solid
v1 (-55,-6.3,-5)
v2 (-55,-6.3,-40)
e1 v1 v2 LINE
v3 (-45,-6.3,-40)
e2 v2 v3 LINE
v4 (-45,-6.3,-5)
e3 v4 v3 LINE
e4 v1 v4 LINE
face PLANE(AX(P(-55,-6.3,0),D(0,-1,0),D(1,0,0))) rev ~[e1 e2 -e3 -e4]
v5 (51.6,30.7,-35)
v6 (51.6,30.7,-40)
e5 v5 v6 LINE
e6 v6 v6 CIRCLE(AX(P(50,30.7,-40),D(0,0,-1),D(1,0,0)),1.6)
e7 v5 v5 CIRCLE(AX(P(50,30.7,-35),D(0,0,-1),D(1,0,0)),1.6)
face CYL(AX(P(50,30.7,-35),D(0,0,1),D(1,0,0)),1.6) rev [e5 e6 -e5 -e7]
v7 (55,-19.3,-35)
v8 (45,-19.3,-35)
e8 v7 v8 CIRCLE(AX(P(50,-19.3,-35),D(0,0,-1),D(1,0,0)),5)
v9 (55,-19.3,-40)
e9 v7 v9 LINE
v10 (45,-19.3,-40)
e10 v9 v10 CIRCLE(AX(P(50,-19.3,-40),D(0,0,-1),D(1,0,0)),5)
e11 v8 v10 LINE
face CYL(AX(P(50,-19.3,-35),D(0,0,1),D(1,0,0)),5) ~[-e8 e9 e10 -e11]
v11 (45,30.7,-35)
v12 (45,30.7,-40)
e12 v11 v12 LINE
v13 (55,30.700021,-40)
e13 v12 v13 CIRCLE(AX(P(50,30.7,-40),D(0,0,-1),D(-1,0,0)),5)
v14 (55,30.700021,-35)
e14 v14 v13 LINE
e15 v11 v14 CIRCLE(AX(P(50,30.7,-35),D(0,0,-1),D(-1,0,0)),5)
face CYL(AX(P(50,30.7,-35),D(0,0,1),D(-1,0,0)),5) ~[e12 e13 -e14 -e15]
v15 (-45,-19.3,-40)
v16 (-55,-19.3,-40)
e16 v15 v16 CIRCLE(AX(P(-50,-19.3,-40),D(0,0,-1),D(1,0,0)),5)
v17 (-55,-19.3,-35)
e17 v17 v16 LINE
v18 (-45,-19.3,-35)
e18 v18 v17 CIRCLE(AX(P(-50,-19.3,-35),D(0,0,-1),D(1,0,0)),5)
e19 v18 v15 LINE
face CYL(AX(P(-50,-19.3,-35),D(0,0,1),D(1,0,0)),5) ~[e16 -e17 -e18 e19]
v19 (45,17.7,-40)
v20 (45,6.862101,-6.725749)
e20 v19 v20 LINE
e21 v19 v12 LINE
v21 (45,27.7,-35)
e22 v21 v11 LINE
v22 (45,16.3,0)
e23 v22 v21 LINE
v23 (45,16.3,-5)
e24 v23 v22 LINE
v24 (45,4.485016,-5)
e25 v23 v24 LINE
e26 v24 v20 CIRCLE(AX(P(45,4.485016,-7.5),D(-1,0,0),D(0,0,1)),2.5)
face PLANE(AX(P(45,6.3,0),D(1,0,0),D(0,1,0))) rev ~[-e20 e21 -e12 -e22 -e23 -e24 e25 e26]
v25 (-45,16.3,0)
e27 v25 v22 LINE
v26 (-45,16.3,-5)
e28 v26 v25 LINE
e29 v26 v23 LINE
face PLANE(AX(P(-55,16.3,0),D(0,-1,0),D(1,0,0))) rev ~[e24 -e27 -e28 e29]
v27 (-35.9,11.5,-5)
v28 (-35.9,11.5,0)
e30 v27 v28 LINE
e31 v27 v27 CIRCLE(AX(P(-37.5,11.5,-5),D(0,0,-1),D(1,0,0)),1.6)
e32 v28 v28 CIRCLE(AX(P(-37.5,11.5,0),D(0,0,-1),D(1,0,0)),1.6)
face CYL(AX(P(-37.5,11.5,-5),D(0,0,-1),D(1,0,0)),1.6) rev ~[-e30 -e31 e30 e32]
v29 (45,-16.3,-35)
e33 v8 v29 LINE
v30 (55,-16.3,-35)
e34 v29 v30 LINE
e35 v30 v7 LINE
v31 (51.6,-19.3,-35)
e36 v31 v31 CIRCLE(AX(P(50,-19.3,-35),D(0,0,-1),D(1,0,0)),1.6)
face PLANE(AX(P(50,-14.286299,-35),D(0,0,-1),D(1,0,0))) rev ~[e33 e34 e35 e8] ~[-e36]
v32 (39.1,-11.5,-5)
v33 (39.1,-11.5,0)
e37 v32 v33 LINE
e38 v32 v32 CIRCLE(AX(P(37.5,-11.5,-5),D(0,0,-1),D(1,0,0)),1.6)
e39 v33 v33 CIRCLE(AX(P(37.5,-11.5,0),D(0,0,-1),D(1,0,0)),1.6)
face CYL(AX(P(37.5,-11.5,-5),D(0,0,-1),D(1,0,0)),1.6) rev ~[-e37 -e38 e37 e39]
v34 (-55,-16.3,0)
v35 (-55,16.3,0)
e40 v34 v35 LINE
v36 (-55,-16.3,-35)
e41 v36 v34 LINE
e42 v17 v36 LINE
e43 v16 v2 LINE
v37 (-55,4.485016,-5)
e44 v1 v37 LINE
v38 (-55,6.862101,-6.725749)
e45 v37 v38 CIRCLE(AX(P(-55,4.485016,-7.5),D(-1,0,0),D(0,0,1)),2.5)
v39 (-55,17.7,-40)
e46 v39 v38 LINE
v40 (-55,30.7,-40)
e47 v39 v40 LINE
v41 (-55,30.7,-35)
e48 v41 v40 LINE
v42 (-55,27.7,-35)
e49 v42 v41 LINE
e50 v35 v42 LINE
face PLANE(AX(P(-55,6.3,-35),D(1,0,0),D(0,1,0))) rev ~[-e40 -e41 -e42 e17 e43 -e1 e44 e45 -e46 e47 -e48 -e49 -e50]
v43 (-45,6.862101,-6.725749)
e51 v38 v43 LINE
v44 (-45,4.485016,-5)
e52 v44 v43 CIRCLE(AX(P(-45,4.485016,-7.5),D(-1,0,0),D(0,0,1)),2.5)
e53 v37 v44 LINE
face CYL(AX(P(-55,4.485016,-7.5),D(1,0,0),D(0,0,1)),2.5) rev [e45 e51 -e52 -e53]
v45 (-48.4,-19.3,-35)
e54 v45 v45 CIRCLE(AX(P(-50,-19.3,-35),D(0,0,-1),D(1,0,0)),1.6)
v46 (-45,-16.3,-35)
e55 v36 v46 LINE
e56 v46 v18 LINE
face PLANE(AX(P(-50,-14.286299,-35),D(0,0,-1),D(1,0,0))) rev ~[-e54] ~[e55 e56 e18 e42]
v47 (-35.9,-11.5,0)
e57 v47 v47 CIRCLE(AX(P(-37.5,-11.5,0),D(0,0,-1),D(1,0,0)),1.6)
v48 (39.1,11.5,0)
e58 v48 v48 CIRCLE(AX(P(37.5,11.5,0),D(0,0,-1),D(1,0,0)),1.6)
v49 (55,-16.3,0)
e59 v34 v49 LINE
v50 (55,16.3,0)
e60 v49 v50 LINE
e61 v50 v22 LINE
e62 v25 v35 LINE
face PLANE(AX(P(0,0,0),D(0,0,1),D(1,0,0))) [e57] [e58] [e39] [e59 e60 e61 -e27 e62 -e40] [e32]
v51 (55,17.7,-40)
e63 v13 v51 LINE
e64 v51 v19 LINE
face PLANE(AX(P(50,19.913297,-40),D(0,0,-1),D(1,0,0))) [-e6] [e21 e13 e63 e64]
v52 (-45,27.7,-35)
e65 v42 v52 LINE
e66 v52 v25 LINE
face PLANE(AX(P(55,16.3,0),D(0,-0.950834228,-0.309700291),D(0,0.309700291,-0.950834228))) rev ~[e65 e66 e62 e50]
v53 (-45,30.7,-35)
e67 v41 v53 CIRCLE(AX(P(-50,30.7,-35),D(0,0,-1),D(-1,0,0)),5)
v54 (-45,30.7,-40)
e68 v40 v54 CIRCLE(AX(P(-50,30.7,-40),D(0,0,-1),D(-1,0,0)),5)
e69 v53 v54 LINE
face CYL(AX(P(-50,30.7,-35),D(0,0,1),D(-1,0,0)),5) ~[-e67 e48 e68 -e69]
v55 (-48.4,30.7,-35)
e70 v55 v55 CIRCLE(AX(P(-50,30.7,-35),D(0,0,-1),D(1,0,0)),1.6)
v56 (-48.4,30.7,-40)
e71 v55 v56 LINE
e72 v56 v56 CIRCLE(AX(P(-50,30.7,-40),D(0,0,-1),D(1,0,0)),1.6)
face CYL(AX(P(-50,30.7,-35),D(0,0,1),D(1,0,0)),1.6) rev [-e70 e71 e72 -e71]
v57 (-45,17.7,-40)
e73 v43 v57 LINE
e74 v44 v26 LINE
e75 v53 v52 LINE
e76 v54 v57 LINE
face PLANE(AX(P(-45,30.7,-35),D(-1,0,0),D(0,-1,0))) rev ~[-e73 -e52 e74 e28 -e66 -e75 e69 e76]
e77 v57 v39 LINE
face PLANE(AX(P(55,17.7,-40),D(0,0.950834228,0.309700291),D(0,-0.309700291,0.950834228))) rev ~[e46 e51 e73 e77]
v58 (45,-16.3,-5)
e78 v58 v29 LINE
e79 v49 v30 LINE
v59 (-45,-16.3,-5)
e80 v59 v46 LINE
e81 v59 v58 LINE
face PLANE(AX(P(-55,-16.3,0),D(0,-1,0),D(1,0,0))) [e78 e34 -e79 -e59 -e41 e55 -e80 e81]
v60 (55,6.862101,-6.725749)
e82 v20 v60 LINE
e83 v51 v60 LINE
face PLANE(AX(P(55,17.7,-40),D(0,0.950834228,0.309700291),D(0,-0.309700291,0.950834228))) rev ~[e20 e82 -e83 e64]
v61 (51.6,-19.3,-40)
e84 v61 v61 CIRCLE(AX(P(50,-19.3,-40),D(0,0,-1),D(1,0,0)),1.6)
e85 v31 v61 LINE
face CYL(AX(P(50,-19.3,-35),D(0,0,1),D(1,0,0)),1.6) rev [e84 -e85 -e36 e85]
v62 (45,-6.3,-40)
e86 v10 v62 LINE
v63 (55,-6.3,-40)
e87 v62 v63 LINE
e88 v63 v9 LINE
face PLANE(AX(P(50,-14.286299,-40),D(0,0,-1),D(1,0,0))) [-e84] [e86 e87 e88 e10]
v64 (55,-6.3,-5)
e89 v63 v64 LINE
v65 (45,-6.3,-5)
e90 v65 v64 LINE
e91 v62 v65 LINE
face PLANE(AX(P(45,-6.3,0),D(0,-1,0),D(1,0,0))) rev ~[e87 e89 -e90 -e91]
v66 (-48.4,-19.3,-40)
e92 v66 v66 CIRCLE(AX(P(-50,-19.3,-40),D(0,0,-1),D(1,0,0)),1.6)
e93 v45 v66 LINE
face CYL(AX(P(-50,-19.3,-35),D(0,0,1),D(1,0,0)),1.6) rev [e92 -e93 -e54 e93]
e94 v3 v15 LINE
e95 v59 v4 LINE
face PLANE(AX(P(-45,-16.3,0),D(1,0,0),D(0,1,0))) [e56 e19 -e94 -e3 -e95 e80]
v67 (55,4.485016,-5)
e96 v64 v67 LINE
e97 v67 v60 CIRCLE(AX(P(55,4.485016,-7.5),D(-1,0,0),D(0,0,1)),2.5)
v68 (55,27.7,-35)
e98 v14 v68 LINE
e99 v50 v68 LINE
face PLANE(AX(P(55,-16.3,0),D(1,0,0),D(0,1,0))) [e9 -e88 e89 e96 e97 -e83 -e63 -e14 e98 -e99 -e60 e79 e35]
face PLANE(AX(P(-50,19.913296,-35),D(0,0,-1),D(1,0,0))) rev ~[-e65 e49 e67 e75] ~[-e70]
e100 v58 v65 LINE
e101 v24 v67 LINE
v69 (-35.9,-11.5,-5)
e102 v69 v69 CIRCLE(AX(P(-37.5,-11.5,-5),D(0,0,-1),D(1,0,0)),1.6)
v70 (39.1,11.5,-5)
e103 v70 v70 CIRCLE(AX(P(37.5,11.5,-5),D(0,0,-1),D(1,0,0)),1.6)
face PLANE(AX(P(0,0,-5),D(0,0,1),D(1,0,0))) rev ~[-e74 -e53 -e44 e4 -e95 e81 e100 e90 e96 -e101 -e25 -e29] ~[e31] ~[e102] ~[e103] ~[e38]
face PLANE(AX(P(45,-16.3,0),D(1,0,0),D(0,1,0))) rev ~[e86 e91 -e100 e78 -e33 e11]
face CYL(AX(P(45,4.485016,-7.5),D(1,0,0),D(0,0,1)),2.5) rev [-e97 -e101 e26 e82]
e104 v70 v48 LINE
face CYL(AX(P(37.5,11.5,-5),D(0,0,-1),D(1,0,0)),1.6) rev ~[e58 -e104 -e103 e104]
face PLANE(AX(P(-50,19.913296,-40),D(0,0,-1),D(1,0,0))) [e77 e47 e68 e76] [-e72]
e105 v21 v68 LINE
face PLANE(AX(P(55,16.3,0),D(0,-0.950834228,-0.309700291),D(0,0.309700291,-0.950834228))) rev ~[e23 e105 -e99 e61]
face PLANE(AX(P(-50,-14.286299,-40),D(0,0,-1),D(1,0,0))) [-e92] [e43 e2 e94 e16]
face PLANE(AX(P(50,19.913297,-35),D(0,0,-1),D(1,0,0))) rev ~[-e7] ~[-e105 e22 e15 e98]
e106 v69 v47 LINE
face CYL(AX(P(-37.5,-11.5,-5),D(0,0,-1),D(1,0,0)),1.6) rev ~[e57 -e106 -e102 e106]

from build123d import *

# Parameters (mm, degrees)
SKETCH038_W      = 110
SKETCH038_H      = 32.6
PAD020_DEPTH     = 5
SKETCH039_R      = 1.6
POCKET018_DEPTH  = 5
SKETCH040_W      = 10
SKETCH040_H      = 21.4
SKETCH040_H_2    = 10
PAD021_DEPTH     = 35
MIRROREDSKETCH_R = 1.6
PAD022_DEPTH     = 5
POCKET019_DEPTH  = 110
FILLET012_R      = 2.5


with BuildPart() as part:
    # Sketch038 → Pad020 (new body)
    with BuildSketch(Plane.XY):
        Rectangle(SKETCH038_W, SKETCH038_H)
    extrude(amount=-PAD020_DEPTH)

    # Sketch039 (on Face6 of Pad020) → Pocket018 (cut)
    with BuildSketch(Plane(origin=(0, 0, -5), x_dir=(1, 0, 0), z_dir=(0, 0, -1))):
        with Locations((-37.5, 11.5)):
            Circle(SKETCH039_R)
        with Locations((-37.5, -11.5)):
            Circle(SKETCH039_R)
        with Locations((37.5, -11.5)):
            Circle(SKETCH039_R)
        with Locations((37.5, 11.5)):
            Circle(SKETCH039_R)
    extrude(amount=-POCKET018_DEPTH, mode=Mode.SUBTRACT)

    # Sketch040 (on Face4 of Pocket018) → Pad021 (join)
    with BuildSketch(Plane.XY):
        with Locations((-50, 17)):
            Rectangle(SKETCH040_W, SKETCH040_H)
        with Locations((50, 17)):
            Rectangle(SKETCH040_W, SKETCH040_H)
        with Locations((50, -11.3)):
            Rectangle(SKETCH040_W, SKETCH040_H_2)
        with Locations((-50, -11.3)):
            Rectangle(SKETCH040_W, SKETCH040_H_2)
    extrude(amount=-PAD021_DEPTH)

    # MirroredSketch (on Face35 of Pad021) → Pad022 (join)
    with BuildSketch(Plane(origin=(0, 0, -35), x_dir=(1, 0, 0), z_dir=(0, 0, -1))):
        with BuildLine():
            Line((-45, -27.7), (-45, -6.3))
            Line((-45, -6.3), (-55, -6.3))
            Line((-55, -6.3), (-55, -27.7))
            Line((-55, -27.7), (-55, -30.7))
            ThreePointArc((-55, -30.7), (-50, -35.7), (-45, -30.7))
            Line((-45, -27.7), (-45, -30.7))
        make_face()
        with Locations((-50, -30.7)):
            Circle(MIRROREDSKETCH_R, mode=Mode.SUBTRACT)
        with BuildLine():
            Line((55, -27.7), (55, -6.3))
            Line((55, -6.3), (45, -6.3))
            Line((45, -6.3), (45, -27.7))
            Line((45, -27.7), (45, -30.7))
            ThreePointArc((45, -30.7), (49.999989, -35.7), (55, -30.700021))
            Line((55, -27.7), (55, -30.700021))
        make_face()
        with Locations((50, -30.7)):
            Circle(MIRROREDSKETCH_R, mode=Mode.SUBTRACT)
        with BuildLine():
            Line((45, 6.3), (55, 6.3))
            Line((55, 6.3), (55, 16.3))
            Line((55, 16.3), (55, 19.3))
            ThreePointArc((55, 19.3), (50, 24.3), (45, 19.3))
            Line((45, 16.3), (45, 19.3))
            Line((45, 16.3), (45, 6.3))
        make_face()
        with Locations((50, 19.3)):
            Circle(MIRROREDSKETCH_R, mode=Mode.SUBTRACT)
        with BuildLine():
            Line((-55, 6.3), (-45, 6.3))
            Line((-45, 6.3), (-45, 16.3))
            Line((-45, 16.3), (-45, 19.3))
            ThreePointArc((-45, 19.3), (-50, 24.3), (-55, 19.3))
            Line((-55, 16.3), (-55, 19.3))
            Line((-55, 16.3), (-55, 6.3))
        make_face()
        with Locations((-50, 19.3)):
            Circle(MIRROREDSKETCH_R, mode=Mode.SUBTRACT)
    extrude(amount=PAD022_DEPTH)

    # Sketch041 (on Face44 of Pad022) → Pocket019 (cut)
    with BuildSketch(Plane.YZ.offset(55)):
        Polygon((16.3, 0), (27.7, -35), (27.7, 0), align=None)
        Polygon((17.7, -40), (6.3, -5), (6.3, -40), align=None)
    extrude(amount=-POCKET019_DEPTH, mode=Mode.SUBTRACT)

    # Fillet012
    fillet012_edges = [part.edges().sort_by_distance(p)[0] for p in [
        (-50, 6.3, -5),
        (50, 6.3, -5),
    ]]
    fillet(fillet012_edges, radius=FILLET012_R)


solid = part.part
